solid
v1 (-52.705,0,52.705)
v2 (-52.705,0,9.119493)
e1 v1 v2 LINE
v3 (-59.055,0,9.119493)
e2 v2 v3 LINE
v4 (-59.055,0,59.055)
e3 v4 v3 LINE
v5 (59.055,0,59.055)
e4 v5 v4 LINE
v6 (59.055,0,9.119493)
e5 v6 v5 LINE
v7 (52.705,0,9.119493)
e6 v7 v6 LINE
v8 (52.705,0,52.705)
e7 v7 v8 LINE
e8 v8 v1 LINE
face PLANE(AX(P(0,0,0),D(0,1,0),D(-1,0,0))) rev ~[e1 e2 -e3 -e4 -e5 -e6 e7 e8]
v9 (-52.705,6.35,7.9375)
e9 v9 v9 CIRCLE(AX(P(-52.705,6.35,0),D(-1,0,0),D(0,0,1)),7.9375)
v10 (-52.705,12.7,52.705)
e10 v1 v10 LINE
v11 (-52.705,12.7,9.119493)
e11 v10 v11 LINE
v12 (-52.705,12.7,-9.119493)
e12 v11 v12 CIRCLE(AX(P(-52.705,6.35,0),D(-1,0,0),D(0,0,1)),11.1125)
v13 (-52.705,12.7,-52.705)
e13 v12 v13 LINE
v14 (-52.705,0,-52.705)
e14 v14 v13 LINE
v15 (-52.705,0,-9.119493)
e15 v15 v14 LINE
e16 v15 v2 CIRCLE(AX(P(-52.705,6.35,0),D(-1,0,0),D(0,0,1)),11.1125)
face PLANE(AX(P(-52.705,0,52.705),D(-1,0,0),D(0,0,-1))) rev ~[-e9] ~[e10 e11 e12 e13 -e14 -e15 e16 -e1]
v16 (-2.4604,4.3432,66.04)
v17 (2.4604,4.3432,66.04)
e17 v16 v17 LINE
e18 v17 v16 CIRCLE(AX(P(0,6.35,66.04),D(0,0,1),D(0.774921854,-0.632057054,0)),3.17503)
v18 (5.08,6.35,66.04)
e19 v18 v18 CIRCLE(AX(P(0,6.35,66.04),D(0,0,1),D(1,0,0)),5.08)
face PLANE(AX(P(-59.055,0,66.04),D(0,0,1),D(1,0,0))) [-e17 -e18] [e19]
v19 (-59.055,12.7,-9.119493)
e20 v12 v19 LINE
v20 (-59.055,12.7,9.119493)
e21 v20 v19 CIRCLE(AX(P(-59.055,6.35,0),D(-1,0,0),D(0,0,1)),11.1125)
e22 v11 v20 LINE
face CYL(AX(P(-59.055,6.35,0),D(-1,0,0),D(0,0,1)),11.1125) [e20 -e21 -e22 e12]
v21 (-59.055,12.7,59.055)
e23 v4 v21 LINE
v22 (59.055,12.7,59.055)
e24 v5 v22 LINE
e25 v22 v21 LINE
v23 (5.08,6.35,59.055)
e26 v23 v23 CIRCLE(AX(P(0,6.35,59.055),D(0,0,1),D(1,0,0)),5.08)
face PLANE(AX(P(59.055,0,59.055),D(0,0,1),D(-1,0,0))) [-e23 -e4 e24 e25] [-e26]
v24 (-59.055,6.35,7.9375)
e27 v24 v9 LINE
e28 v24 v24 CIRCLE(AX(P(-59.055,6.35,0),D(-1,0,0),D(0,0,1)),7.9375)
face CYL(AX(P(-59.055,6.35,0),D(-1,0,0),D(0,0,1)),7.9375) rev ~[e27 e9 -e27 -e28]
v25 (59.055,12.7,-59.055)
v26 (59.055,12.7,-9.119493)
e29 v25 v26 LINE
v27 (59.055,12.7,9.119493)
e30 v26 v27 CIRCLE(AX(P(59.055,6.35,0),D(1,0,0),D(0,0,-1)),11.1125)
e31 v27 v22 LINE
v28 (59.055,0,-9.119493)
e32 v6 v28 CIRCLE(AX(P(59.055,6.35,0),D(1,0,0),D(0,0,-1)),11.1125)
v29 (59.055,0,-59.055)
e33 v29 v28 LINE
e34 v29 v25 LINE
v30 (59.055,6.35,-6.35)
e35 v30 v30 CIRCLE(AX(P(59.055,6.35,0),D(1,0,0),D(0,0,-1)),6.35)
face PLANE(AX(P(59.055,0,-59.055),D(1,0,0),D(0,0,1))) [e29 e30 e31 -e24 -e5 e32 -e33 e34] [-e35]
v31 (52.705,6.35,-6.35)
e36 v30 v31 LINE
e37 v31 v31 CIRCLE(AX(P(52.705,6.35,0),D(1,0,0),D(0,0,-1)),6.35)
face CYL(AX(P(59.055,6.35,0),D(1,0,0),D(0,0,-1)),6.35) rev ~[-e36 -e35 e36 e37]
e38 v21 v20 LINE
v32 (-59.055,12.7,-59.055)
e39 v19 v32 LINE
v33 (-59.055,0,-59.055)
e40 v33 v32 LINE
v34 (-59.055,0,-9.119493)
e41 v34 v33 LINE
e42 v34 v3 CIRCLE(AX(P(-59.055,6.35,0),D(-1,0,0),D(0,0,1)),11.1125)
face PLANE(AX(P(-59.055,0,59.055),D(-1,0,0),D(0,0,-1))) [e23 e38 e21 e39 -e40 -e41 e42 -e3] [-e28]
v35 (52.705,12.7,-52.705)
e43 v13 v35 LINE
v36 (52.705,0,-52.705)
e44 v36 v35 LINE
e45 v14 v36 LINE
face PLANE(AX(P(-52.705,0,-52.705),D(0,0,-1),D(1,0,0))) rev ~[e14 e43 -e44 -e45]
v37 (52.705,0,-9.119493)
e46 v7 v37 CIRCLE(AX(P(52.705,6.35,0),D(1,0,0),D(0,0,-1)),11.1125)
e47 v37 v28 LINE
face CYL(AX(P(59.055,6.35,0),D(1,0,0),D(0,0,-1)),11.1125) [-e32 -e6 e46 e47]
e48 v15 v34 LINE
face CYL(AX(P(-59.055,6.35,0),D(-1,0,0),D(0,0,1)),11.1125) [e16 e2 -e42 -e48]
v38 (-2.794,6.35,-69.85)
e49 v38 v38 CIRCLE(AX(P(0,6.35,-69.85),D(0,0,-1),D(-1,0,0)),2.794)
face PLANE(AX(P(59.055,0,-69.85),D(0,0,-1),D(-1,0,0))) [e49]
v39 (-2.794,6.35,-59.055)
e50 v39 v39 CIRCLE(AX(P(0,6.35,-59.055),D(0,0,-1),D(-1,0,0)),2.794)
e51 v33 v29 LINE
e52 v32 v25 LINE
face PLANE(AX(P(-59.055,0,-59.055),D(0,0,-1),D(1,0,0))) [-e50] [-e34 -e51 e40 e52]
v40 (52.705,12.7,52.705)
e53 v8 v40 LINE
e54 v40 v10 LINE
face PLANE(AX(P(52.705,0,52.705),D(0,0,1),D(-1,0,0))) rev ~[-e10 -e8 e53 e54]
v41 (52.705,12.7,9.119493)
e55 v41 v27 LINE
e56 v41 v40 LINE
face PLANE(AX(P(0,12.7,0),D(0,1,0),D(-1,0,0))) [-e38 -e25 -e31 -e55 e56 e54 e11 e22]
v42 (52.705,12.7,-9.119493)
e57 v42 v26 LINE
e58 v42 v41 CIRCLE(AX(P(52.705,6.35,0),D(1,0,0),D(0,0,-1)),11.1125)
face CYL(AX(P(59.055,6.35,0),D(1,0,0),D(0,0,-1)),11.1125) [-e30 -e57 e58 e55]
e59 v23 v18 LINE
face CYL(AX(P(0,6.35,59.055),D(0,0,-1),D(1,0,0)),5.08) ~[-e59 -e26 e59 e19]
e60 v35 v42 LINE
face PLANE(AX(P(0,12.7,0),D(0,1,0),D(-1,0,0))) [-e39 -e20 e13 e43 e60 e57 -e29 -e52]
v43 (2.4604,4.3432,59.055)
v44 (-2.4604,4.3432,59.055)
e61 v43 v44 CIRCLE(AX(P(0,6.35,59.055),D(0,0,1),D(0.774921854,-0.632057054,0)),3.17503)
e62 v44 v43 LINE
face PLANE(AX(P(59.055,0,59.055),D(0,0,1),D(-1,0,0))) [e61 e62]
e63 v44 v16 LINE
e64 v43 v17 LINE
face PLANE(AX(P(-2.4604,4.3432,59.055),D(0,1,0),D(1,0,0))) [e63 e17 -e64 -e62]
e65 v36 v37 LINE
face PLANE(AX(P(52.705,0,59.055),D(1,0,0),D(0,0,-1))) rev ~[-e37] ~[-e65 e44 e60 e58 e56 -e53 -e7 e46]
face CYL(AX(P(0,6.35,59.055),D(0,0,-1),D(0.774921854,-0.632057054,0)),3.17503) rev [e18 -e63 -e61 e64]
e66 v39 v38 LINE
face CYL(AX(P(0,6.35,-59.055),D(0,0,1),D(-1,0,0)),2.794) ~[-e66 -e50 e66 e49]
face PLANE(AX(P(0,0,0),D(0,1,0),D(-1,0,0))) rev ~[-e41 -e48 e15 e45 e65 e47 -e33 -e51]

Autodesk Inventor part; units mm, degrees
ref_plane "YZ Plane" through (0, 0, 0) normal (1, 0, 0) x (0, 1, 0)
ref_plane "XZ Plane" through (0, 0, 0) normal (0, 1, 0) x (-1, 0, 0)
ref_plane "XY Plane" through (0, 0, 0) normal (0, 0, 1) x (1, 0, 0)
sketch "Sketch1" plane through (0, 0, 0) normal (0, 1, 0) x (-1, 0, 0)
  line L0 (-52.705, 52.705) -> (52.705, 52.705)
  line L1 (52.705, 52.705) -> (52.705, -52.705)
  line L2 (52.705, -52.705) -> (-52.705, -52.705)
  line L3 (-52.705, -52.705) -> (-52.705, 52.705)
  line L4 (-52.705, 52.705) -> (52.705, -52.705) construction
  line L5 (52.705, 52.705) -> (-52.705, -52.705) construction
  line L6 (-59.055, 59.055) -> (59.055, 59.055)
  line L7 (59.055, 59.055) -> (59.055, -59.055)
  line L8 (59.055, -59.055) -> (-59.055, -59.055)
  line L9 (-59.055, -59.055) -> (-59.055, 59.055)
  line L10 (-59.055, 59.055) -> (59.055, -59.055) construction
  line L11 (59.055, 59.055) -> (-59.055, -59.055) construction
  point P0 (0, 0)
  dimension "d0" = 105.41
  dimension "d1" = 105.41
  dimension "d2" = 118.11
  dimension "d3" = 118.11
extrude "Extrusion1" add sketch "Sketch1" along normal blind 12.7
sketch "Sketch2" plane through (-59.055, 0, -59.055) normal (-1, 0, 0) x (0, 0, 1)
  circle A0 centre (59.055, 6.35) radius 11.1125
  line L0 (0, 0) -> (0, 12.7) construction
  line L1 (0, 6.35) -> (59.055, 6.35) construction
  line L2 (59.055, 6.35) -> (118.11, 6.35) construction
  line L3 (118.11, 0) -> (118.11, 12.7) construction
  point P0 (59.055, 0)
  dimension "d6" = 22.225
extrude "Extrusion2" add sketch "Sketch2" against normal up to surface (6.35 mm away)
sketch "Sketch3" plane through (-59.055, 0, -59.055) normal (-1, 0, 0) x (0, 0, 1)
  circle A0 centre (59.055, 6.35) radius 7.9375
  line L0 (0, 0) -> (0, 12.7) construction
  line L1 (0, 6.35) -> (59.055, 6.35) construction
  line L2 (59.055, 6.35) -> (118.11, 6.35) construction
  line L3 (118.11, 0) -> (118.11, 12.7) construction
  point P0 (59.055, 0)
  dimension "d9" = 15.875
extrude "Extrusion3" cut sketch "Sketch3" against normal up to next
sketch "Sketch4" plane through (59.055, 0, 59.055) normal (1, 0, 0) x (0, 0, -1)
  circle A0 centre (59.055, 6.35) radius 11.1125
  line L0 (0, 0) -> (0, 12.7) construction
  line L1 (0, 6.35) -> (59.055, 6.35) construction
  line L2 (59.055, 6.35) -> (118.11, 6.35) construction
  line L3 (118.11, 0) -> (118.11, 12.7) construction
  point P0 (59.055, 0)
  dimension "d24" = 22.225
extrude "Extrusion4" add sketch "Sketch4" against normal up to surface (6.35 mm away)
sketch "Sketch5" plane through (59.055, 0, 59.055) normal (1, 0, 0) x (0, 0, -1)
  circle A0 centre (59.055, 6.35) radius 6.35
  line L0 (0, 0) -> (0, 12.7) construction
  line L1 (0, 6.35) -> (59.055, 6.35) construction
  line L2 (59.055, 6.35) -> (118.11, 6.35) construction
  line L3 (118.11, 0) -> (118.11, 12.7) construction
  point P0 (59.055, 0)
  dimension "d14" = 12.7
extrude "Extrusion5" cut sketch "Sketch5" against normal up to next
sketch "Sketch6" plane through (59.055, 0, -59.055) normal (0, 0, -1) x (-1, 0, 0)
  circle A0 centre (59.055, 6.35) radius 2.794
  line L0 (0, 0) -> (0, 12.7) construction
  line L1 (0, 6.35) -> (59.055, 6.35) construction
  line L2 (59.055, 6.35) -> (118.11, 6.35) construction
  line L3 (118.11, 14.2875) -> (118.11, -1.5875) construction
  point P0 (59.055, 0)
  dimension "d17" = 5.588
extrude "Extrusion6" add sketch "Sketch6" along normal blind 10.795
sketch "Sketch7" plane through (-59.055, 0, 59.055) normal (0, 0, 1) x (1, 0, 0)
  arc A0 (61.5154, 4.3432) -> (56.5946, 4.3432) centre (59.055, 6.35) ccw
  circle A1 centre (59.055, 6.35) radius 5.08
  line L0 (56.5946, 4.3432) -> (61.5154, 4.3432)
  line L1 (118.11, 0) -> (118.11, 12.7) construction
  line L2 (118.11, 6.35) -> (59.055, 6.35) construction
  line L3 (59.055, 6.35) -> (0, 6.35) construction
  line L4 (0, 0) -> (0, 12.7) construction
  point P0 (59.055, 0)
  dimension "d20" = 6.35
  dimension "d21" = 10.16
extrude "Extrusion7" add sketch "Sketch7" along normal blind 6.985
properties part number "joystick_outer"
